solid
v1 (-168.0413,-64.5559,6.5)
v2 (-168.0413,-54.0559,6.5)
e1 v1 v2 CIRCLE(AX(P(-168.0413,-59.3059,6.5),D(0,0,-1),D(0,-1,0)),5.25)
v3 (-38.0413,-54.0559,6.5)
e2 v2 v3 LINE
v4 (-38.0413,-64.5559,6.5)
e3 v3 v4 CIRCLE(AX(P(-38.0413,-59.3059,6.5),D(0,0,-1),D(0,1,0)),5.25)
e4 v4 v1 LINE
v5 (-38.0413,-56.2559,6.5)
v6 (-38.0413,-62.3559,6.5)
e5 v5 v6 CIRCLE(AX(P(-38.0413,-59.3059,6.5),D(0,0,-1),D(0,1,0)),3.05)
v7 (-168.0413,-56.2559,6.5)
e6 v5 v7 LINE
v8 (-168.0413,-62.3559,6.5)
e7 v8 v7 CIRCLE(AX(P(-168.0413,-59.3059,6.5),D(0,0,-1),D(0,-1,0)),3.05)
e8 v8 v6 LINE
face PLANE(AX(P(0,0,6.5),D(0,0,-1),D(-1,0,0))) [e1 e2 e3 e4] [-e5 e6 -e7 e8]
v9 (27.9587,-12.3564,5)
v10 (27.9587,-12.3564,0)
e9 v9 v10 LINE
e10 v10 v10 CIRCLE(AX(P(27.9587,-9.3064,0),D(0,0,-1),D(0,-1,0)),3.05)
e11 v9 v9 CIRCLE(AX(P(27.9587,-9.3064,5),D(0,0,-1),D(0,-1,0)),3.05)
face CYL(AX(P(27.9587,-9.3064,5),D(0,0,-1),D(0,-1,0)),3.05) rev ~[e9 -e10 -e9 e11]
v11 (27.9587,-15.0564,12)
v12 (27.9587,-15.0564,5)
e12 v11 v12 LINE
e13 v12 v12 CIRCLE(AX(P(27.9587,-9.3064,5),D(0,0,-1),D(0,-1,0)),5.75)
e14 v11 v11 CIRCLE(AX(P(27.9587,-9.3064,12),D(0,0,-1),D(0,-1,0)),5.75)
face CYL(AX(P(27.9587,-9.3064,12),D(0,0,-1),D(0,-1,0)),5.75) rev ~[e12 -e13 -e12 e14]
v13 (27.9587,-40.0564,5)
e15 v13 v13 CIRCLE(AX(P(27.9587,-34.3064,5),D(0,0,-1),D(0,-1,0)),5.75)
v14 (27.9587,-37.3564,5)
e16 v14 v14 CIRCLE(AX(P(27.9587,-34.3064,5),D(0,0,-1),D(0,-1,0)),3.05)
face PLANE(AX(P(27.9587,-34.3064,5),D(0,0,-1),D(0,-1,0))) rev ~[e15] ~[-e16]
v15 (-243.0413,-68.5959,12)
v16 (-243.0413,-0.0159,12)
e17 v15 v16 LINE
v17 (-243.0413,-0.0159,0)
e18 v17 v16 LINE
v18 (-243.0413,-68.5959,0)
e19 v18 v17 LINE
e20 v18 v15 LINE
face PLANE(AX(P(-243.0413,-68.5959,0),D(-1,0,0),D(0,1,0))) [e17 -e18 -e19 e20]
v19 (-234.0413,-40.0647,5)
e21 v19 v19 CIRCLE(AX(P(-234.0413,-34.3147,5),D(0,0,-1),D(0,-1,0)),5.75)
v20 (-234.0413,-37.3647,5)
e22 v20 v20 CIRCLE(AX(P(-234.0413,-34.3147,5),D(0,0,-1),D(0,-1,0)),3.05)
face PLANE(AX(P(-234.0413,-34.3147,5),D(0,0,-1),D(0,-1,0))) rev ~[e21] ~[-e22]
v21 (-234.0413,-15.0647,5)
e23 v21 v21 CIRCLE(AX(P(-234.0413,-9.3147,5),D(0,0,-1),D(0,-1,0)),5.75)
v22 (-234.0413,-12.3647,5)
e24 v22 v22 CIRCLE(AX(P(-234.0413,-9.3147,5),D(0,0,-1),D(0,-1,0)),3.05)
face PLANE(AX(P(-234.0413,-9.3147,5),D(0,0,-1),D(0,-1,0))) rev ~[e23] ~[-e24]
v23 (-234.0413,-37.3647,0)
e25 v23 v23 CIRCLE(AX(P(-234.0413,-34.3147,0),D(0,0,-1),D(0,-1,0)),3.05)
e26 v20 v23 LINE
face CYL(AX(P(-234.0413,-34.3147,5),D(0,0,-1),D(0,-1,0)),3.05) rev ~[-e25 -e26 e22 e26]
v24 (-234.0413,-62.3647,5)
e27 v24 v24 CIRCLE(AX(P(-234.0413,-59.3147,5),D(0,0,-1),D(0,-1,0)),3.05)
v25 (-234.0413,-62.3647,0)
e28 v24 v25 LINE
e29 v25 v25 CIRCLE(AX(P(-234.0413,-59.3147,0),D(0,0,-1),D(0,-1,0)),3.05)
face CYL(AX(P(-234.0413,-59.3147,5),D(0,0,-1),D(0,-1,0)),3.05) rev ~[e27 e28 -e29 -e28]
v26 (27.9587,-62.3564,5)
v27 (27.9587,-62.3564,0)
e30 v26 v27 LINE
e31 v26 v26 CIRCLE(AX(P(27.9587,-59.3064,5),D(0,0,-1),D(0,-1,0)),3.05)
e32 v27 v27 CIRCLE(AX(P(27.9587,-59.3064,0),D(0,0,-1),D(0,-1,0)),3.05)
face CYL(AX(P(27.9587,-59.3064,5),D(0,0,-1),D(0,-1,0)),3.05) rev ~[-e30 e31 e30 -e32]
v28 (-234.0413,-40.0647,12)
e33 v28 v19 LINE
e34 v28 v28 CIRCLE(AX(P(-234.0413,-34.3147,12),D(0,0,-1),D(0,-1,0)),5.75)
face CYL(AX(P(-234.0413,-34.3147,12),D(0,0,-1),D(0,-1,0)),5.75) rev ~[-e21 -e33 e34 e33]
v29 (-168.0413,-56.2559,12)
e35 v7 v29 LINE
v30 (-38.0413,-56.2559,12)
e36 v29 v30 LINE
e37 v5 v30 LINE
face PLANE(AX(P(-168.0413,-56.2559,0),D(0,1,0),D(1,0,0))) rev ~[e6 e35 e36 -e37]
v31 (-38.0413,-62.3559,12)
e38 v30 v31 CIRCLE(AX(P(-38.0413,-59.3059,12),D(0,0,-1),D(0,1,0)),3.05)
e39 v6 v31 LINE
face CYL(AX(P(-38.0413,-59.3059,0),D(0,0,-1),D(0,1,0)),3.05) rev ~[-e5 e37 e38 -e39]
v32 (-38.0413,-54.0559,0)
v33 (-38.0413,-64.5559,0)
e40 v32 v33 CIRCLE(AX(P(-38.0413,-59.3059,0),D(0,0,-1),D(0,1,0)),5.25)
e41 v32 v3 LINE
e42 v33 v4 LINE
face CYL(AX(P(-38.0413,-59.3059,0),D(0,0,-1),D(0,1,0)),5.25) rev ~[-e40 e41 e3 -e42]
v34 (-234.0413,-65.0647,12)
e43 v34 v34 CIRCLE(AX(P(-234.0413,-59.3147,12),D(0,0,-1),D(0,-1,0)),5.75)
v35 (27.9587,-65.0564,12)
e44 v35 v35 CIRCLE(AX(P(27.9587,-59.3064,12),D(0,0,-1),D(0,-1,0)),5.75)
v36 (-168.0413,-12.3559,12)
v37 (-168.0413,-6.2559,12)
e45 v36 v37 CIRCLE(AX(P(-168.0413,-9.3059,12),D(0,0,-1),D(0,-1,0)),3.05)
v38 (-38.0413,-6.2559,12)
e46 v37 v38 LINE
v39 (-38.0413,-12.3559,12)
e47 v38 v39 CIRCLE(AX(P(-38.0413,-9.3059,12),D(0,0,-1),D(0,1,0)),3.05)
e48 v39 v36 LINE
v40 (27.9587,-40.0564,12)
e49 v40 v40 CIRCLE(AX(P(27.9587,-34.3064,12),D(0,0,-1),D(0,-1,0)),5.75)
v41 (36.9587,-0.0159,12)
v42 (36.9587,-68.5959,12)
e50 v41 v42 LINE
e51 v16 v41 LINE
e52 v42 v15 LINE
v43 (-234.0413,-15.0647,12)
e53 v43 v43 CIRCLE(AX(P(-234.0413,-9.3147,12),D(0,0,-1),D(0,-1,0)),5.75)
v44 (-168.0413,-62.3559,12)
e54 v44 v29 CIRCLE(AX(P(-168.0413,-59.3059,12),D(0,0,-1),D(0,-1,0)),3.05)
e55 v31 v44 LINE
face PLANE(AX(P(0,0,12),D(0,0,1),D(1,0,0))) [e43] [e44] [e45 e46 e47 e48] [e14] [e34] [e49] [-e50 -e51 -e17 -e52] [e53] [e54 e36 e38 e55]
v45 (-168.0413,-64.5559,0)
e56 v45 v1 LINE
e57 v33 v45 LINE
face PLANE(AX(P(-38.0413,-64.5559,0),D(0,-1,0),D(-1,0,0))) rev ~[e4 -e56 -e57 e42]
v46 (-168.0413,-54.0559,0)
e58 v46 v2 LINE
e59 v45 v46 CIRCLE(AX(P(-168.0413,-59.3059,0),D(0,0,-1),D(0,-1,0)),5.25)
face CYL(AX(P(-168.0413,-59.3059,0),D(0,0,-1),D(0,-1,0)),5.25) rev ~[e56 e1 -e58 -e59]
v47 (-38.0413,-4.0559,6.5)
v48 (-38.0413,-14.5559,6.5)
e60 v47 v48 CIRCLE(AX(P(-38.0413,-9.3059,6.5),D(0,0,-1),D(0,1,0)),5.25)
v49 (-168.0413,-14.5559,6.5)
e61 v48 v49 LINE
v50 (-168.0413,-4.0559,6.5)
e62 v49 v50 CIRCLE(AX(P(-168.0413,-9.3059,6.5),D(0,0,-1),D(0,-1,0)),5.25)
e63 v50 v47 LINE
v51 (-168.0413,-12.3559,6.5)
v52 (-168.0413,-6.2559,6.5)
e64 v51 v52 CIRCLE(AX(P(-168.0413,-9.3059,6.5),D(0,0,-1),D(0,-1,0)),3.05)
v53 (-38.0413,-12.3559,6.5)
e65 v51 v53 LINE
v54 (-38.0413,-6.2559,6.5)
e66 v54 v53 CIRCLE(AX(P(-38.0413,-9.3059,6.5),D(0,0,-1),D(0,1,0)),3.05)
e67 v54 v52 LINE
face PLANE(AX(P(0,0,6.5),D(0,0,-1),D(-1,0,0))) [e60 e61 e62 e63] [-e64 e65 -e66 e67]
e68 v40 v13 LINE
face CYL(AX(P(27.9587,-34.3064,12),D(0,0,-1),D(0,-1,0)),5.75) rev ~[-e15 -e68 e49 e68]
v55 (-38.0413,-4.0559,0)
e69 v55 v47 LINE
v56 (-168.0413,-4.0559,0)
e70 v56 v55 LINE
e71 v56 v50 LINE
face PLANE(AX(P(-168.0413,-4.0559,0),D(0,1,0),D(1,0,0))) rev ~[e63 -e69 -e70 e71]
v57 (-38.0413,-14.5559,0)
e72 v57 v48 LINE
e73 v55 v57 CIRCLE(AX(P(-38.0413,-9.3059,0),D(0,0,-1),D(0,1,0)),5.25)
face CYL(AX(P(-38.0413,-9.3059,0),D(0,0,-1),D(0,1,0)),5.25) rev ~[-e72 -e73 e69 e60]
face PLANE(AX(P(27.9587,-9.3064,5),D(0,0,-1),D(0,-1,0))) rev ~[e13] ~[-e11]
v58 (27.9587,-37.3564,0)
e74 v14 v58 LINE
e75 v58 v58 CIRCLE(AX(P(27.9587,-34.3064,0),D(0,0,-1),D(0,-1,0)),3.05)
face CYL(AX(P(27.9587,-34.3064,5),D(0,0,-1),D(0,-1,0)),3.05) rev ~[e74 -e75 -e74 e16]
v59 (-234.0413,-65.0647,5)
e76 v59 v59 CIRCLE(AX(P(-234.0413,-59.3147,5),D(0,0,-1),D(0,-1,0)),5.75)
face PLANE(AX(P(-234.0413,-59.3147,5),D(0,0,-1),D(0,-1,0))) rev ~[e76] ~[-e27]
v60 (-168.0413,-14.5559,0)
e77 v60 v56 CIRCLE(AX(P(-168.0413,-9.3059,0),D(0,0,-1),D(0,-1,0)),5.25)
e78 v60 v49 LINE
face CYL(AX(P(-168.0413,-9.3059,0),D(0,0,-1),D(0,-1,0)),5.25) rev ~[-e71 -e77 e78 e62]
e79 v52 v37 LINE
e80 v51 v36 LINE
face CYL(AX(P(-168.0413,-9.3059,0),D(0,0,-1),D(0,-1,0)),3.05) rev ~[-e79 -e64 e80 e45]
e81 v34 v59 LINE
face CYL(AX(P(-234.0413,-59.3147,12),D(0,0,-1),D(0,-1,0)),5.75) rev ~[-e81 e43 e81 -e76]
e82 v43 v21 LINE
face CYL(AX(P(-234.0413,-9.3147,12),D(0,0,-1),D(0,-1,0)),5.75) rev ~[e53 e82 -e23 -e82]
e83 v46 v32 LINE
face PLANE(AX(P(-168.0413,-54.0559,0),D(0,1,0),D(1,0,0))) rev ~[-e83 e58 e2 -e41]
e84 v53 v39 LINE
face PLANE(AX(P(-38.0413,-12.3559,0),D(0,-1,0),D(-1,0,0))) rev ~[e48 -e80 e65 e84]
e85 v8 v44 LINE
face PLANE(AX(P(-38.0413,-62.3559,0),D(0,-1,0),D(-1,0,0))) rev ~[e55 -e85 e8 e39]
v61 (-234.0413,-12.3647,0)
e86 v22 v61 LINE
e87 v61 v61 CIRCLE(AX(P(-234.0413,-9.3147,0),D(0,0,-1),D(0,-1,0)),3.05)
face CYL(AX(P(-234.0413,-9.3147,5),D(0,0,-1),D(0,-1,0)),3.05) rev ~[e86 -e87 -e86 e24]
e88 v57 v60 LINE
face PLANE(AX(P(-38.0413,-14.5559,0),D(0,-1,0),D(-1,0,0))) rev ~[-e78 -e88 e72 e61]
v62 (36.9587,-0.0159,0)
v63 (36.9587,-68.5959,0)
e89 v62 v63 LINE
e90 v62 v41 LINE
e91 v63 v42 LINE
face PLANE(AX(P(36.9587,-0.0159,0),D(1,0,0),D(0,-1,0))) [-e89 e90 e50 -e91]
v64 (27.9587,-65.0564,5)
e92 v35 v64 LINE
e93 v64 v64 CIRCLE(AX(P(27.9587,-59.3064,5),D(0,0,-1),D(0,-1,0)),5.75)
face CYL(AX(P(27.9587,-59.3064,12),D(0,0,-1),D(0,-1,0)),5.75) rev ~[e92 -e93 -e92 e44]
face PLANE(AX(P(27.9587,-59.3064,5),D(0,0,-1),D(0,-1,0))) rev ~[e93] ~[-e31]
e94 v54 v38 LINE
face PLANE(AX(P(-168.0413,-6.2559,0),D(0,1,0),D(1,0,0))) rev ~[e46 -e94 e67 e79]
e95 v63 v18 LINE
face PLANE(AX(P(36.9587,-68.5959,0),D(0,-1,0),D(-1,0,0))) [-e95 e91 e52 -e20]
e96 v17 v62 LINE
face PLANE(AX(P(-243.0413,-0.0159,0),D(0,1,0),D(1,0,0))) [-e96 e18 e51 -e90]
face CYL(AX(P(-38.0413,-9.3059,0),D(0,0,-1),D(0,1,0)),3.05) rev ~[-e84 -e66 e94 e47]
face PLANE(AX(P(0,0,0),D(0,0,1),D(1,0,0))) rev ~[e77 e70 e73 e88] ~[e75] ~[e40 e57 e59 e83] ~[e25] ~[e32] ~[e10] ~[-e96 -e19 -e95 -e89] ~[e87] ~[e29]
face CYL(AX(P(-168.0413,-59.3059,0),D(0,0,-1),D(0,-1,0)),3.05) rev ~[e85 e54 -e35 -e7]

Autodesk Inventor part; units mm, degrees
ref_plane "YZ Plane" through (0, 0, 0) normal (1, 0, 0) x (0, 1, 0)
ref_plane "XZ Plane" through (0, 0, 0) normal (0, 1, 0) x (-1, 0, 0)
ref_plane "XY Plane" through (0, 0, 0) normal (0, 0, 1) x (1, 0, 0)
sketch "Sketch1" plane through (0, 0, 0) normal (0, 0, 1) x (1, 0, 0)
  line L0 (-201.9864, -0.0159) -> (-218.1154, -0.0159) construction
  line L1 (-201.9864, -68.5959) -> (-218.1154, -68.5959) construction
  circle A0 centre (-234.0413, -9.3123) radius 2.5 construction
  circle A1 centre (-234.0413, -34.3059) radius 2.5 construction
  circle A2 centre (-234.0413, -59.2995) radius 2.5 construction
  line L2 (0.4039, -68.5877) -> (16.5329, -68.5877) construction
  line L3 (0.4039, -0.0077) -> (16.5329, -0.0077) construction
  circle A3 centre (27.9587, -59.2913) radius 2.5 construction
  circle A4 centre (27.9587, -34.2977) radius 2.5 construction
  circle A5 centre (27.9587, -9.3041) radius 2.5 construction
  line L4 (-243.0413, -0.0159) -> (36.9587, -0.0159)
  line L5 (36.9587, -0.0159) -> (36.9587, -68.5959)
  line L6 (36.9587, -68.5959) -> (-243.0413, -68.5959)
  line L7 (-243.0413, -68.5959) -> (-243.0413, -0.0159)
  line L8 (-103.0413, -534.726) -> (-103.0413, 430.7972) construction
  point P0 (0, 0)
  dimension "w" = 280
  dimension "d23" = 140
  dimension "d" = 262
  dimension "d34" = 131
extrude "Extrusion1" add sketch "Sketch1" along normal blind 12
sketch "Sketch4" plane through (0, 0, 0) normal (0, 0, -1) x (-1, 0, 0)
  circle A0 centre (65.5413, -59.3059) radius 2.5 construction
  circle A1 centre (40.5413, -59.3059) radius 2.5 construction
  circle A2 centre (140.5413, -9.3059) radius 2.5 construction
  circle A3 centre (115.5413, -9.3059) radius 2.5 construction
  line L0 (40.5413, -59.3059) -> (172.5963, -59.3059) construction
  line L1 (167.5124, -9.3059) -> (3.0086, -9.3059) construction
  line L2 (243.0413, -0.0159) -> (-36.9587, -0.0159) construction
  line L3 (38.0413, -9.3059) -> (168.0413, -9.3059) construction
  line L4 (38.0413, -12.3559) -> (168.0413, -12.3559)
  line L5 (168.0413, -6.2559) -> (38.0413, -6.2559)
  arc A4 (38.0413, -6.2559) -> (38.0413, -12.3559) centre (38.0413, -9.3059) ccw
  arc A5 (168.0413, -12.3559) -> (168.0413, -6.2559) centre (168.0413, -9.3059) ccw
  line L6 (103.0413, 455.7975) -> (103.0413, -509.7257) construction
  line L7 (38.0413, -59.3059) -> (168.0413, -59.3059) construction
  line L8 (38.0413, -62.3559) -> (168.0413, -62.3559)
  line L9 (168.0413, -56.2559) -> (38.0413, -56.2559)
  arc A6 (38.0413, -56.2559) -> (38.0413, -62.3559) centre (38.0413, -59.3059) ccw
  arc A7 (168.0413, -62.3559) -> (168.0413, -56.2559) centre (168.0413, -59.3059) ccw
  point P0 (0, 0)
  point P1 (-36.9587, -0.0159)
  point P2 (103.0413, -9.3059)
  point P3 (103.0413, -59.3059)
  dimension "d10" = 9.29
  dimension "d11" = 6.1
  dimension "d12" = 65
  dimension "d13" = 65
  dimension "d14" = 6.1
  dimension "d15" = 65
  dimension "d16" = 65
extrude "Extrusion2" cut sketch "Sketch4" against normal blind 12
sketch "Sketch5" plane through (0, 0, 0) normal (0, 0, -1) x (-1, 0, 0)
  line L0 (45.6373, -31.0674) -> (77.6413, -31.0674) construction
  arc A0 (168.0413, -12.3559) -> (168.0413, -6.2559) centre (168.0413, -9.3059) ccw construction
  arc A1 (168.0413, -62.3559) -> (168.0413, -56.2559) centre (168.0413, -59.3059) ccw construction
  arc A2 (38.0413, -6.2559) -> (38.0413, -12.3559) centre (38.0413, -9.3059) ccw construction
  arc A3 (38.0413, -56.2559) -> (38.0413, -62.3559) centre (38.0413, -59.3059) ccw construction
  line L1 (38.0413, -9.3059) -> (168.0413, -9.3059) construction
  line L2 (-36.9587, -0.0159) -> (243.0413, -0.0159) projected
  line L3 (38.0413, -14.5559) -> (168.0413, -14.5559)
  line L4 (168.0413, -4.0559) -> (38.0413, -4.0559)
  arc A4 (38.0413, -4.0559) -> (38.0413, -14.5559) centre (38.0413, -9.3059) ccw
  arc A5 (168.0413, -14.5559) -> (168.0413, -4.0559) centre (168.0413, -9.3059) ccw
  line L5 (38.0413, -59.3059) -> (168.0413, -59.3059) construction
  line L6 (38.0413, -64.5559) -> (168.0413, -64.5559)
  line L7 (168.0413, -54.0559) -> (38.0413, -54.0559)
  arc A6 (38.0413, -54.0559) -> (38.0413, -64.5559) centre (38.0413, -59.3059) ccw
  arc A7 (168.0413, -64.5559) -> (168.0413, -54.0559) centre (168.0413, -59.3059) ccw
  point P0 (0, 0)
  point P1 (243.0413, -0.0159)
  point P2 (103.0413, -9.3059)
  point P3 (103.0413, -59.3059)
  dimension "d19" = 10.5
  dimension "d20" = 10.5
extrude "Extrusion3" cut sketch "Sketch5" against normal blind 6.5
sketch "Sketch6" plane through (0, 0, 12) normal (0, 0, 1) x (1, 0, 0)
  line L0 (-103.0413, -534.726) -> (-103.0413, 430.7972) construction
  point P0 (0, 0)
  point P1 (27.9587, -59.3064)
  point P2 (27.9587, -34.3064)
  point P3 (27.9587, -9.3064)
  point P4 (-234.0413, -59.3147)
  point P5 (-234.0413, -34.3147)
  point P6 (-234.0413, -9.3147)
  dimension "d36" = 25
  dimension "d37" = 262
  dimension "d38" = 131
hole "Hole2" at (27.9587, -59.3064, 12) at (27.9587, -34.3064, 12) at (27.9587, -9.3064, 12) at (-234.0413, -59.3147, 12) at (-234.0413, -34.3147, 12) at (-234.0413, -9.3147, 12) direction (0, 0, -1) diameter 6.1 depth 20 tip angle 118 counterbore diameter 11.5 counterbore depth 7
equation "\"d23\" = 0.5 * w"
equation "\"d34\" = 0.5 * d"
equation "\"d37\" = d"
equation "\"d38\" = 0.5 * d"
properties part number "ASI_mesoSPIM_Bridge"
